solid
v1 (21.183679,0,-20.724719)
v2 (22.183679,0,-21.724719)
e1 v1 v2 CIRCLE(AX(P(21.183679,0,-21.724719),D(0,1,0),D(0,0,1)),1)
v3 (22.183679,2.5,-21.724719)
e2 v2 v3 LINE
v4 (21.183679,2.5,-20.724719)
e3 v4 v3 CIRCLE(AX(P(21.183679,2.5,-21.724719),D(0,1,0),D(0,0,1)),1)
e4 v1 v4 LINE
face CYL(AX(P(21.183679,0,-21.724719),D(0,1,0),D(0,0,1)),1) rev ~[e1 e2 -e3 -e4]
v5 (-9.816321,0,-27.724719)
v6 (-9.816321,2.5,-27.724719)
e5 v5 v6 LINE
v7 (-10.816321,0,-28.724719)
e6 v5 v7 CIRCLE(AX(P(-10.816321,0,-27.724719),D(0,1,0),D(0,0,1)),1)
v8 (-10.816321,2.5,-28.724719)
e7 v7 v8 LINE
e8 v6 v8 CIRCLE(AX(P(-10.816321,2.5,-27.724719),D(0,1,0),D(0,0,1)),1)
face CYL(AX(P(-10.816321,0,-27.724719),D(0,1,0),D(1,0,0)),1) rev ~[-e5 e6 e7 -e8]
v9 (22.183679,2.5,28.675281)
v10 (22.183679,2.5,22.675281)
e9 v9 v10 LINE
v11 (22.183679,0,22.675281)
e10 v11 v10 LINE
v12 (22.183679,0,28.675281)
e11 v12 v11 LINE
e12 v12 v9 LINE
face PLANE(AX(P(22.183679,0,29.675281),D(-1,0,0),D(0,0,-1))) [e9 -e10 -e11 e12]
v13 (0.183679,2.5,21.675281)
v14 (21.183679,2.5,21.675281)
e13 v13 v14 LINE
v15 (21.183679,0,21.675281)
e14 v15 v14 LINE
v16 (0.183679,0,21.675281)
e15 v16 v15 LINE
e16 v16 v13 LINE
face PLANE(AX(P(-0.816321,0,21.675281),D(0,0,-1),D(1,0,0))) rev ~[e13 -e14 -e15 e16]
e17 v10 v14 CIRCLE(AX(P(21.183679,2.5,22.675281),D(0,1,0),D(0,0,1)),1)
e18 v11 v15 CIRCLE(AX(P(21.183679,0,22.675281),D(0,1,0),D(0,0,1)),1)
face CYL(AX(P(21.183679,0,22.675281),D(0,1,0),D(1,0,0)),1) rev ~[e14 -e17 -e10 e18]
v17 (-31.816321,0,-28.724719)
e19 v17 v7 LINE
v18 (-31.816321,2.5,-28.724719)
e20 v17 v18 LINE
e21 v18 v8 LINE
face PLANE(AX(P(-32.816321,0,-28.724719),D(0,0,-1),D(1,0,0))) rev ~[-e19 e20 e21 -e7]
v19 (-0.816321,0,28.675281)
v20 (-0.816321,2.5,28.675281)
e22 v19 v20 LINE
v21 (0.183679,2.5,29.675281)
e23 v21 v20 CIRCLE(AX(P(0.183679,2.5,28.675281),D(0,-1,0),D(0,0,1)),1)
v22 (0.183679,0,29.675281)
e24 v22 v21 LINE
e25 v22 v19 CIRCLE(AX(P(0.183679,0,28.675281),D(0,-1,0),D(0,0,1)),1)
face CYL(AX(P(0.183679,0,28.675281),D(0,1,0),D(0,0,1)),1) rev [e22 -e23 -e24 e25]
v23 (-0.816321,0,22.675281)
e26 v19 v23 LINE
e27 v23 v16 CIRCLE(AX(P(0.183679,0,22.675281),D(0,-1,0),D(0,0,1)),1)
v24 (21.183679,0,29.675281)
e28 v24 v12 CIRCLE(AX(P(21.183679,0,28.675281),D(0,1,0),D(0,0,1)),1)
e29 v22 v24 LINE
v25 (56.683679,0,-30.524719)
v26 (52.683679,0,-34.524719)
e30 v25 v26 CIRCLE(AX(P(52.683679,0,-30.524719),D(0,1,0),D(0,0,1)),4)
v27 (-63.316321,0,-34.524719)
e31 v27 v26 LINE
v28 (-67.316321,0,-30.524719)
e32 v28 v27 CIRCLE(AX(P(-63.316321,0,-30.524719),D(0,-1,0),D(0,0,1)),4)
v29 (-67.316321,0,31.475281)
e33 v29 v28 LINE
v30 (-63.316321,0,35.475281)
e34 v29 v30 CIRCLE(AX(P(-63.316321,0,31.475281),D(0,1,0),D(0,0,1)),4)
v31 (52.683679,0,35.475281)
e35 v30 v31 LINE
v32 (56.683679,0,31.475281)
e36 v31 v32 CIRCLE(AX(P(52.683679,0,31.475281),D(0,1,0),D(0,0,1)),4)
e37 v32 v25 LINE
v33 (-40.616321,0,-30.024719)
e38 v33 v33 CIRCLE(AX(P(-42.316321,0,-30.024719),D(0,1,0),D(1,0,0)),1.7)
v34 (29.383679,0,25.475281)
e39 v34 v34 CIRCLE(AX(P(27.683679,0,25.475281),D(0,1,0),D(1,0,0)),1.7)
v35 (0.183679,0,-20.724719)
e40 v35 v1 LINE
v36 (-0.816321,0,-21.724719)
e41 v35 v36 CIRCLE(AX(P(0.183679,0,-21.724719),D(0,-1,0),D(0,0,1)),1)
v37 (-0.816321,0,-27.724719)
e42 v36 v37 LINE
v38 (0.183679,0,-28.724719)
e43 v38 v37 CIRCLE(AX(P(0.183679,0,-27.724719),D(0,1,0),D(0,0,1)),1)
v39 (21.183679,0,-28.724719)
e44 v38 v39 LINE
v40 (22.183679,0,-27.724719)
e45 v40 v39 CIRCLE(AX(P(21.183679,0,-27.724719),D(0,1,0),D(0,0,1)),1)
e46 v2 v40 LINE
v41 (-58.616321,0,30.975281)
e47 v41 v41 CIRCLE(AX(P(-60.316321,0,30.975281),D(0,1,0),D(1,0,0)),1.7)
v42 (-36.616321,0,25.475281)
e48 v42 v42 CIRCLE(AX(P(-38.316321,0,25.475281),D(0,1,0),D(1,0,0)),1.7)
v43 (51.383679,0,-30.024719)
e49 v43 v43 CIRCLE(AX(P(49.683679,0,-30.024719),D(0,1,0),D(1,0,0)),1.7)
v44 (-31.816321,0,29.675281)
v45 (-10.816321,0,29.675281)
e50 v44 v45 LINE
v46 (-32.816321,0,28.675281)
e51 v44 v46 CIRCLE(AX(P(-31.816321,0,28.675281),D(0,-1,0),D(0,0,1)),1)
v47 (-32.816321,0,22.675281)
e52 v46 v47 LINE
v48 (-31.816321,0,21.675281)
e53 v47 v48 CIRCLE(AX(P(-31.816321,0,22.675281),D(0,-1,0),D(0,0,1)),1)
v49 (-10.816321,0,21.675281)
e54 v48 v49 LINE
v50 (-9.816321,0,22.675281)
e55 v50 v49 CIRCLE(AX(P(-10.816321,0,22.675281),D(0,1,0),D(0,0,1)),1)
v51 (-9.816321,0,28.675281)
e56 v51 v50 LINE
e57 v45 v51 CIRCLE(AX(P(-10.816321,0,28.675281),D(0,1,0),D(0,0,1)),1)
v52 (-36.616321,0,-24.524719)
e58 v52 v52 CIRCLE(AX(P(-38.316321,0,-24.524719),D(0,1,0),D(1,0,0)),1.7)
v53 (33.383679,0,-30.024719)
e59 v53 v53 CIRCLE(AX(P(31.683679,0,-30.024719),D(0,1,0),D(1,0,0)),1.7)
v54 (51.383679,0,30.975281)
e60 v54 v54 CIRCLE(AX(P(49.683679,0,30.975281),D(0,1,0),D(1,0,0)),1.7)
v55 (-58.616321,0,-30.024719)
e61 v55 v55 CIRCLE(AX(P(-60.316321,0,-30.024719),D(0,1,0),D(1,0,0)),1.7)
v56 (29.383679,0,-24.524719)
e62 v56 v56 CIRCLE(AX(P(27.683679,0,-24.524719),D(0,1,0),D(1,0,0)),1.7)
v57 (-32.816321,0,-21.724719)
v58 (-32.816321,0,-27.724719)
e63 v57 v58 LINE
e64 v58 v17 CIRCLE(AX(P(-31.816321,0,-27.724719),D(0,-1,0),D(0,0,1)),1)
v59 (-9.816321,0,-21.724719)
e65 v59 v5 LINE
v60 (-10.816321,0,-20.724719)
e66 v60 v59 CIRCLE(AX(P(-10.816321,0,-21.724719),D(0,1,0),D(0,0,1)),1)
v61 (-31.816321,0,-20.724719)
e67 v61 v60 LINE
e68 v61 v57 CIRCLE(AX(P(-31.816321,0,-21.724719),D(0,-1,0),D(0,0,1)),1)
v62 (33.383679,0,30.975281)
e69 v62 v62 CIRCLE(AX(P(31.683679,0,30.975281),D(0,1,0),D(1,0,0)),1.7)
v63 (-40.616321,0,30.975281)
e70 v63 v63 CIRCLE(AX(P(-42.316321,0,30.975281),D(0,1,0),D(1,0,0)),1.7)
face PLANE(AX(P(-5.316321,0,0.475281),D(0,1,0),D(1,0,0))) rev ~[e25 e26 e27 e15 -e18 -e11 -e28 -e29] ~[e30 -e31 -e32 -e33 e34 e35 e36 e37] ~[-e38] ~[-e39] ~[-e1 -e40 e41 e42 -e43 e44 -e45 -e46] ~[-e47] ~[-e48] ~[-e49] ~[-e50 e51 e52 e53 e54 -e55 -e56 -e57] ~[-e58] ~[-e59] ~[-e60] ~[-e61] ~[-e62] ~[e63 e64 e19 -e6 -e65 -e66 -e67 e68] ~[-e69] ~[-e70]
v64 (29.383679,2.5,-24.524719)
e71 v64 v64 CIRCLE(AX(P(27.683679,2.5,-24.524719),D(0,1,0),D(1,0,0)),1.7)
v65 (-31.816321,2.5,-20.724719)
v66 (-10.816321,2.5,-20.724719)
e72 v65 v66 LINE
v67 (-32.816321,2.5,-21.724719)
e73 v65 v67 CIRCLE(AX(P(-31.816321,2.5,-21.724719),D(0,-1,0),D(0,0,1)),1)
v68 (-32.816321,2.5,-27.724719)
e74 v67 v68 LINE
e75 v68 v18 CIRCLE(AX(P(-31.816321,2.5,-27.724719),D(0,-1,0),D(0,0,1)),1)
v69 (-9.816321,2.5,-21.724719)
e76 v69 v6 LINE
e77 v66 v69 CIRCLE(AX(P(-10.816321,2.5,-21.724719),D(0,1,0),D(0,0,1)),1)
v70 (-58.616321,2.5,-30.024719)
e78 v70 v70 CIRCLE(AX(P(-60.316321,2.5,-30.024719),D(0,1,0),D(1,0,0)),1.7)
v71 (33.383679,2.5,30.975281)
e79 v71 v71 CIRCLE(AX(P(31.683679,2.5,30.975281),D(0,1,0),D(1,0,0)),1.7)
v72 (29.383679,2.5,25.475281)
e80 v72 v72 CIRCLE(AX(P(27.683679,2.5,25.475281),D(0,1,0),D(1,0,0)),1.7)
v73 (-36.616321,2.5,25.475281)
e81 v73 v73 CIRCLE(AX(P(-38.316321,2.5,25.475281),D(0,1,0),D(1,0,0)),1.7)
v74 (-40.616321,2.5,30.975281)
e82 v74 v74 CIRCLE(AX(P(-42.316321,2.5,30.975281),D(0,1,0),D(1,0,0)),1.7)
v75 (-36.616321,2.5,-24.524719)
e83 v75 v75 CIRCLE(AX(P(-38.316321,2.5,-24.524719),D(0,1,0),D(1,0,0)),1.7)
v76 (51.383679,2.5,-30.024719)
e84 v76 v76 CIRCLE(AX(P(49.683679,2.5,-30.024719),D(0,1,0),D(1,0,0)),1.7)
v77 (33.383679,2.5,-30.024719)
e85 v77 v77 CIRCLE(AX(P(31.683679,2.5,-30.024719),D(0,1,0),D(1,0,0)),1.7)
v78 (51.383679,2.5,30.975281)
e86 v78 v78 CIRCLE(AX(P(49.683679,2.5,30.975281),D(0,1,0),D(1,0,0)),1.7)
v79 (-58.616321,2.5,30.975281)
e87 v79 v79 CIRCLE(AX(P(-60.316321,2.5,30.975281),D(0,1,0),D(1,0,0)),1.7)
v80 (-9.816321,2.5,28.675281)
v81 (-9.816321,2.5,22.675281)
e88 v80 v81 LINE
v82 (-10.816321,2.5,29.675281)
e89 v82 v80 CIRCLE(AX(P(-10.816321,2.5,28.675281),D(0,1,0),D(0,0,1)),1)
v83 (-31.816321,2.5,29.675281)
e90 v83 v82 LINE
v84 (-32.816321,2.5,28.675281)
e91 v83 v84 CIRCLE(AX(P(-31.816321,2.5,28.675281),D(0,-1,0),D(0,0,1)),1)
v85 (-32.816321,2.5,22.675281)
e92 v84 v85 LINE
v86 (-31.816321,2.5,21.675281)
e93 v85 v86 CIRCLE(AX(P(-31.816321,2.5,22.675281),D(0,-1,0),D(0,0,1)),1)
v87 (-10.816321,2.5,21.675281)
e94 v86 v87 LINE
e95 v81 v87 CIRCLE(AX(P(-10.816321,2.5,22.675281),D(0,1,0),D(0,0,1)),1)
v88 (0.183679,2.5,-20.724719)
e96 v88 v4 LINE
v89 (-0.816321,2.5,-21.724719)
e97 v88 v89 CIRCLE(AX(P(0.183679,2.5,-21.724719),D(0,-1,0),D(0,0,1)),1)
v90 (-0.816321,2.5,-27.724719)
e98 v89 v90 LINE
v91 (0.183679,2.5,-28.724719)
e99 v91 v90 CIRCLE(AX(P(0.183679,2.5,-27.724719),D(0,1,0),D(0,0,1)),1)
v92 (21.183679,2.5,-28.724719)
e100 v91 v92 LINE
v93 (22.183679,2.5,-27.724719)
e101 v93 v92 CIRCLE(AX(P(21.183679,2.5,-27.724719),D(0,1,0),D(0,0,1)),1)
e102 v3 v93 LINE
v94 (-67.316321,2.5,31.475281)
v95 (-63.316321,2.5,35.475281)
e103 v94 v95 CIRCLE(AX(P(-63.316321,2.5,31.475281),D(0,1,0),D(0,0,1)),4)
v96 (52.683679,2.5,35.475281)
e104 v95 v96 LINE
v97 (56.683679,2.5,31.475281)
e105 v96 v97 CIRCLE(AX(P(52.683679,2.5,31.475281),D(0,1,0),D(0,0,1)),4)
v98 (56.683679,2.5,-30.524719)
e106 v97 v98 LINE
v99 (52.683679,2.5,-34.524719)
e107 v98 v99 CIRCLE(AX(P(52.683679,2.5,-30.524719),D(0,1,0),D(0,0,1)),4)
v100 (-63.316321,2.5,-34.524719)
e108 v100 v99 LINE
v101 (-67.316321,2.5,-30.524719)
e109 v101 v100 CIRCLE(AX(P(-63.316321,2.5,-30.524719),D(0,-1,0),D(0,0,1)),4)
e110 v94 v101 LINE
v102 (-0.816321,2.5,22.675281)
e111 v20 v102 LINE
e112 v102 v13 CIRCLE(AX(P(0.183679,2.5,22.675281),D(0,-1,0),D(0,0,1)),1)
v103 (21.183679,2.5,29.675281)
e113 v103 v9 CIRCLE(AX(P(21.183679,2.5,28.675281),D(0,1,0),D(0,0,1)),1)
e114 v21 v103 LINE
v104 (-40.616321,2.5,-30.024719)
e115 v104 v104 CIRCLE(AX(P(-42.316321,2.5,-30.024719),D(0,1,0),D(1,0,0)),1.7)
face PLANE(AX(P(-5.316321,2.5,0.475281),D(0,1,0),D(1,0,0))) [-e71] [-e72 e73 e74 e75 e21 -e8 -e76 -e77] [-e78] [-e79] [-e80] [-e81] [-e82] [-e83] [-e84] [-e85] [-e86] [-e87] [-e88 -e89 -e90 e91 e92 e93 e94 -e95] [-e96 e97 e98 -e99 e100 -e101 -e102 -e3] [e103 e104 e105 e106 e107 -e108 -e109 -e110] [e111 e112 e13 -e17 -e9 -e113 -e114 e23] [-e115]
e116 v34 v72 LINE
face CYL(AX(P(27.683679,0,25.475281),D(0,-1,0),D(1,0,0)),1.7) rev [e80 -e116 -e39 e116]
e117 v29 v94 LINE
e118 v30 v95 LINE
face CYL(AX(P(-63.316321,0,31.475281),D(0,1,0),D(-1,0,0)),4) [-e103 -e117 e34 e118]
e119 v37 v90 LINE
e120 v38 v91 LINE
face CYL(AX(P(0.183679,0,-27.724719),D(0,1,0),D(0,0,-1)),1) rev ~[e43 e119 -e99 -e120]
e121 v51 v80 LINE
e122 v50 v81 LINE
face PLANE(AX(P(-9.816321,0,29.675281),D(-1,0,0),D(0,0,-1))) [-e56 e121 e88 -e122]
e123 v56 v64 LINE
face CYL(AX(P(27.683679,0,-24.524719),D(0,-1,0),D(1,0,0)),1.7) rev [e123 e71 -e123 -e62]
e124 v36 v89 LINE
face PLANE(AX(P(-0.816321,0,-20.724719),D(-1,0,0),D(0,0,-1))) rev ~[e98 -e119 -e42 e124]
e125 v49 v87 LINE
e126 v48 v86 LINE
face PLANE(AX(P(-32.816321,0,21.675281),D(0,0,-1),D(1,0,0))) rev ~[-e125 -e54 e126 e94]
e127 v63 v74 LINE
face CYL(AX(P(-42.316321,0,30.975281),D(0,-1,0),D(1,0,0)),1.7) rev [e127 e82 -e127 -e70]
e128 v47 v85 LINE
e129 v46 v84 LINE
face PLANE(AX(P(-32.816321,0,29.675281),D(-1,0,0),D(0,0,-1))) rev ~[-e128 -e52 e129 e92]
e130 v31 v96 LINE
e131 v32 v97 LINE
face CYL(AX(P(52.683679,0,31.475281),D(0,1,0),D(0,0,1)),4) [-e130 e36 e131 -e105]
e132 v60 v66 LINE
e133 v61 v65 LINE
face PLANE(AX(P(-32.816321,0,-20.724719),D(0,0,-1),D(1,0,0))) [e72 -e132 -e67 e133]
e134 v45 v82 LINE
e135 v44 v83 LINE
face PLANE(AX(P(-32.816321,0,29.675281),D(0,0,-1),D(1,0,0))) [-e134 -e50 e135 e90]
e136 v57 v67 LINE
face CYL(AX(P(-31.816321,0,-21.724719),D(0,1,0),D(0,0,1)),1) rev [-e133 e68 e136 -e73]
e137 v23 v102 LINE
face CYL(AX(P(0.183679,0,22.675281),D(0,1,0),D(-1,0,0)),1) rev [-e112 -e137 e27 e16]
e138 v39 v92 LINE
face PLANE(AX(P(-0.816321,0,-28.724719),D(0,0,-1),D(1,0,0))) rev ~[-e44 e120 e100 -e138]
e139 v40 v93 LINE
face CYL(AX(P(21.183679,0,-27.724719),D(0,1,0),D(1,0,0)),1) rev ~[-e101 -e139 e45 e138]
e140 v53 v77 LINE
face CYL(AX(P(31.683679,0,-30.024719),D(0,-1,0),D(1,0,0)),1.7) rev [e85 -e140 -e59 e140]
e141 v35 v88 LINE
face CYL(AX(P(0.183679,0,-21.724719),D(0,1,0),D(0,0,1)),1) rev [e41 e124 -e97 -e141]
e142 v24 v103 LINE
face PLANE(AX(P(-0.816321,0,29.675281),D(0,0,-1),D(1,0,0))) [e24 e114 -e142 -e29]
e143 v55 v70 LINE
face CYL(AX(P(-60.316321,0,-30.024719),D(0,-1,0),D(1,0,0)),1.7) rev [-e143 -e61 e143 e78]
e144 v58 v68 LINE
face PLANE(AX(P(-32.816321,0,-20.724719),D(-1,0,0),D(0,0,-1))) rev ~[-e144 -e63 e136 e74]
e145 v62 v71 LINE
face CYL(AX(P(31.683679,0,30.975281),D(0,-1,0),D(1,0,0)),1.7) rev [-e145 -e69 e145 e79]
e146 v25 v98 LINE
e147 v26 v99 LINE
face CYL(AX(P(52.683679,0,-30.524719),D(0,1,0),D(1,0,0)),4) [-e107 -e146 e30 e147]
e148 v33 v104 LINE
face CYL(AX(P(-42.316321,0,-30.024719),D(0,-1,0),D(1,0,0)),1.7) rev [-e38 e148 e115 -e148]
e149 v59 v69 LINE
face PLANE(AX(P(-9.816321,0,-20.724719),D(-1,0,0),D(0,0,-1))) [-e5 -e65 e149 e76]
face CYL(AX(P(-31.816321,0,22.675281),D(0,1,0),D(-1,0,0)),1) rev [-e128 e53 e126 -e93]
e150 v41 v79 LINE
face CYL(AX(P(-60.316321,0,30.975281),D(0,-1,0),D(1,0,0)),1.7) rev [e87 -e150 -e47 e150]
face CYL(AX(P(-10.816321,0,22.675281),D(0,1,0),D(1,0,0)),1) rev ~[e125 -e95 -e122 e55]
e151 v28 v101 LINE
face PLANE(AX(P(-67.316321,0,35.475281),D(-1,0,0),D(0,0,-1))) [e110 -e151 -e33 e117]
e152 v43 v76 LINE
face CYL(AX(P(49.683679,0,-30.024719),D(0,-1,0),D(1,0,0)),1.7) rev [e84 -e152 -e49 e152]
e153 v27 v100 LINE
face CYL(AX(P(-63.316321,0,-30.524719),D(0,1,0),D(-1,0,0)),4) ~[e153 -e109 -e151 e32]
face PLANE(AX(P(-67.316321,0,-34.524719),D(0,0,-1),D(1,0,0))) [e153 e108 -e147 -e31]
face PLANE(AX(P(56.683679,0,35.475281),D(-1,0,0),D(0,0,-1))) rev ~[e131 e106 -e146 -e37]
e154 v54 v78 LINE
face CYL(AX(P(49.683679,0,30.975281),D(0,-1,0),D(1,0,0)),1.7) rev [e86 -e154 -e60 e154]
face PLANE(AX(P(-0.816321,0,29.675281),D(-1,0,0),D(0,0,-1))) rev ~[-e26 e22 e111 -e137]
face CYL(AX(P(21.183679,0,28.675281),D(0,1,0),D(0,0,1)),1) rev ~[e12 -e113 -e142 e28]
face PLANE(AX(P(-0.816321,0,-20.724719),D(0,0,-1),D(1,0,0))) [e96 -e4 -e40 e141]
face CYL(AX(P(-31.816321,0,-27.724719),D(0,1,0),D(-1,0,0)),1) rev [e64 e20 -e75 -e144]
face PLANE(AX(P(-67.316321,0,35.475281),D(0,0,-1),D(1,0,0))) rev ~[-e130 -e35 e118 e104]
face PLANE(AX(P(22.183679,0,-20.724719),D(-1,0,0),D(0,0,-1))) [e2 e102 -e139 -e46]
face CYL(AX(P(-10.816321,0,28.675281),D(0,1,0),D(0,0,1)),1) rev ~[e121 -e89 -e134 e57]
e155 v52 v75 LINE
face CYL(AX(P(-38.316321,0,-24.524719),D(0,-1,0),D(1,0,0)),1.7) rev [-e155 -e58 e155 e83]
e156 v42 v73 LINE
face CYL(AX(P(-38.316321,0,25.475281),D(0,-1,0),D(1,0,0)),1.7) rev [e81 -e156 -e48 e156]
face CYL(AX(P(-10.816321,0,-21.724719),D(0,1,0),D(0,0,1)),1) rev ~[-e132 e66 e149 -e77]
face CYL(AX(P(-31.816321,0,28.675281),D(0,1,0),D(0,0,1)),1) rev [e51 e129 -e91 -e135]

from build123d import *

# Parameters (mm, degrees)
SKETCH_1_W      = 124
SKETCH_1_H      = 70
SKETCH_1_R      = 1.7
SKETCH_1_W_2    = 23
SKETCH_1_H_2    = 8
EXTRUDE_1_DEPTH = 2.5
FILLET_1_R      = 4
FILLET_2_R      = 4
FILLET_3_R      = 4
FILLET_4_R      = 4
FILLET_6_R      = 1
FILLET_8_R      = 1
FILLET_9_R      = 1


with BuildPart() as part:
    # 草图1 → 凸台-拉伸1 (new body)
    with BuildSketch(Plane(origin=(0, 0, 0), x_dir=(1, 0, 0), z_dir=(0, 1, 0))):
        with Locations((-5.316321244, -0.475281048)):
            Rectangle(SKETCH_1_W, SKETCH_1_H)
        with Locations((49.683678756, -30.975281048)):
            Circle(SKETCH_1_R, mode=Mode.SUBTRACT)
        with Locations((49.683678756, 30.024718952)):
            Circle(SKETCH_1_R, mode=Mode.SUBTRACT)
        with Locations((-60.316321244, 30.024718952)):
            Circle(SKETCH_1_R, mode=Mode.SUBTRACT)
        with Locations((-60.316321244, -30.975281048)):
            Circle(SKETCH_1_R, mode=Mode.SUBTRACT)
        with Locations((-42.316321244, -30.975281048)):
            Circle(SKETCH_1_R, mode=Mode.SUBTRACT)
        with Locations((-38.316321244, -25.475281048)):
            Circle(SKETCH_1_R, mode=Mode.SUBTRACT)
        with Locations((31.683678756, -30.975281048)):
            Circle(SKETCH_1_R, mode=Mode.SUBTRACT)
        with Locations((27.683678756, -25.475281048)):
            Circle(SKETCH_1_R, mode=Mode.SUBTRACT)
        with Locations((31.683678756, 30.024718952)):
            Circle(SKETCH_1_R, mode=Mode.SUBTRACT)
        with Locations((27.683678756, 24.524718952)):
            Circle(SKETCH_1_R, mode=Mode.SUBTRACT)
        with Locations((-42.316321244, 30.024718952)):
            Circle(SKETCH_1_R, mode=Mode.SUBTRACT)
        with Locations((-38.316321244, 24.524718952)):
            Circle(SKETCH_1_R, mode=Mode.SUBTRACT)
        with Locations((10.683678756, -25.675281048)):
            Rectangle(SKETCH_1_W_2, SKETCH_1_H_2, mode=Mode.SUBTRACT)
        with Locations((-21.316321244, -25.675281048)):
            Rectangle(SKETCH_1_W_2, SKETCH_1_H_2, mode=Mode.SUBTRACT)
        with Locations((-21.316321244, 24.724718952)):
            Rectangle(SKETCH_1_W_2, SKETCH_1_H_2, mode=Mode.SUBTRACT)
        with Locations((10.683678756, 24.724718952)):
            Rectangle(SKETCH_1_W_2, SKETCH_1_H_2, mode=Mode.SUBTRACT)
    extrude(amount=EXTRUDE_1_DEPTH)

    # 圆角1
    fillet_1_edges = [part.edges().sort_by_distance(p)[0] for p in [
        (-67.316321244, 1.25, 35.475281048),
    ]]
    fillet(fillet_1_edges, radius=FILLET_1_R)

    # 圆角2
    fillet_2_edges = [part.edges().sort_by_distance(p)[0] for p in [
        (-67.316321244, 1.25, -34.524718952),
    ]]
    fillet(fillet_2_edges, radius=FILLET_2_R)

    # 圆角3
    fillet_3_edges = [part.edges().sort_by_distance(p)[0] for p in [
        (56.683678756, 1.25, 35.475281048),
    ]]
    fillet(fillet_3_edges, radius=FILLET_3_R)

    # 圆角4
    fillet_4_edges = [part.edges().sort_by_distance(p)[0] for p in [
        (56.683678756, 1.25, -34.524718952),
    ]]
    fillet(fillet_4_edges, radius=FILLET_4_R)

    # 圆角6
    fillet_6_edges = [part.edges().sort_by_distance(p)[0] for p in [
        (-0.816321244, 1.25, -28.724718952),
        (-0.816321244, 1.25, -20.724718952),
        (22.183678756, 1.25, -20.724718952),
        (22.183678756, 1.25, -28.724718952),
    ]]
    fillet(fillet_6_edges, radius=FILLET_6_R)

    # 圆角8
    fillet_8_edges = [part.edges().sort_by_distance(p)[0] for p in [
        (-32.816321244, 1.25, -28.724718952),
        (-32.816321244, 1.25, -20.724718952),
        (-9.816321244, 1.25, -20.724718952),
        (-9.816321244, 1.25, -28.724718952),
    ]]
    fillet(fillet_8_edges, radius=FILLET_8_R)

    # 圆角9
    fillet_9_edges = [part.edges().sort_by_distance(p)[0] for p in [
        (-32.816321244, 1.25, 21.675281048),
        (-32.816321244, 1.25, 29.675281048),
        (-9.816321244, 1.25, 29.675281048),
        (-9.816321244, 1.25, 21.675281048),
        (-0.816321244, 1.25, 21.675281048),
        (-0.816321244, 1.25, 29.675281048),
        (22.183678756, 1.25, 29.675281048),
        (22.183678756, 1.25, 21.675281048),
    ]]
    fillet(fillet_9_edges, radius=FILLET_9_R)


solid = part.part
